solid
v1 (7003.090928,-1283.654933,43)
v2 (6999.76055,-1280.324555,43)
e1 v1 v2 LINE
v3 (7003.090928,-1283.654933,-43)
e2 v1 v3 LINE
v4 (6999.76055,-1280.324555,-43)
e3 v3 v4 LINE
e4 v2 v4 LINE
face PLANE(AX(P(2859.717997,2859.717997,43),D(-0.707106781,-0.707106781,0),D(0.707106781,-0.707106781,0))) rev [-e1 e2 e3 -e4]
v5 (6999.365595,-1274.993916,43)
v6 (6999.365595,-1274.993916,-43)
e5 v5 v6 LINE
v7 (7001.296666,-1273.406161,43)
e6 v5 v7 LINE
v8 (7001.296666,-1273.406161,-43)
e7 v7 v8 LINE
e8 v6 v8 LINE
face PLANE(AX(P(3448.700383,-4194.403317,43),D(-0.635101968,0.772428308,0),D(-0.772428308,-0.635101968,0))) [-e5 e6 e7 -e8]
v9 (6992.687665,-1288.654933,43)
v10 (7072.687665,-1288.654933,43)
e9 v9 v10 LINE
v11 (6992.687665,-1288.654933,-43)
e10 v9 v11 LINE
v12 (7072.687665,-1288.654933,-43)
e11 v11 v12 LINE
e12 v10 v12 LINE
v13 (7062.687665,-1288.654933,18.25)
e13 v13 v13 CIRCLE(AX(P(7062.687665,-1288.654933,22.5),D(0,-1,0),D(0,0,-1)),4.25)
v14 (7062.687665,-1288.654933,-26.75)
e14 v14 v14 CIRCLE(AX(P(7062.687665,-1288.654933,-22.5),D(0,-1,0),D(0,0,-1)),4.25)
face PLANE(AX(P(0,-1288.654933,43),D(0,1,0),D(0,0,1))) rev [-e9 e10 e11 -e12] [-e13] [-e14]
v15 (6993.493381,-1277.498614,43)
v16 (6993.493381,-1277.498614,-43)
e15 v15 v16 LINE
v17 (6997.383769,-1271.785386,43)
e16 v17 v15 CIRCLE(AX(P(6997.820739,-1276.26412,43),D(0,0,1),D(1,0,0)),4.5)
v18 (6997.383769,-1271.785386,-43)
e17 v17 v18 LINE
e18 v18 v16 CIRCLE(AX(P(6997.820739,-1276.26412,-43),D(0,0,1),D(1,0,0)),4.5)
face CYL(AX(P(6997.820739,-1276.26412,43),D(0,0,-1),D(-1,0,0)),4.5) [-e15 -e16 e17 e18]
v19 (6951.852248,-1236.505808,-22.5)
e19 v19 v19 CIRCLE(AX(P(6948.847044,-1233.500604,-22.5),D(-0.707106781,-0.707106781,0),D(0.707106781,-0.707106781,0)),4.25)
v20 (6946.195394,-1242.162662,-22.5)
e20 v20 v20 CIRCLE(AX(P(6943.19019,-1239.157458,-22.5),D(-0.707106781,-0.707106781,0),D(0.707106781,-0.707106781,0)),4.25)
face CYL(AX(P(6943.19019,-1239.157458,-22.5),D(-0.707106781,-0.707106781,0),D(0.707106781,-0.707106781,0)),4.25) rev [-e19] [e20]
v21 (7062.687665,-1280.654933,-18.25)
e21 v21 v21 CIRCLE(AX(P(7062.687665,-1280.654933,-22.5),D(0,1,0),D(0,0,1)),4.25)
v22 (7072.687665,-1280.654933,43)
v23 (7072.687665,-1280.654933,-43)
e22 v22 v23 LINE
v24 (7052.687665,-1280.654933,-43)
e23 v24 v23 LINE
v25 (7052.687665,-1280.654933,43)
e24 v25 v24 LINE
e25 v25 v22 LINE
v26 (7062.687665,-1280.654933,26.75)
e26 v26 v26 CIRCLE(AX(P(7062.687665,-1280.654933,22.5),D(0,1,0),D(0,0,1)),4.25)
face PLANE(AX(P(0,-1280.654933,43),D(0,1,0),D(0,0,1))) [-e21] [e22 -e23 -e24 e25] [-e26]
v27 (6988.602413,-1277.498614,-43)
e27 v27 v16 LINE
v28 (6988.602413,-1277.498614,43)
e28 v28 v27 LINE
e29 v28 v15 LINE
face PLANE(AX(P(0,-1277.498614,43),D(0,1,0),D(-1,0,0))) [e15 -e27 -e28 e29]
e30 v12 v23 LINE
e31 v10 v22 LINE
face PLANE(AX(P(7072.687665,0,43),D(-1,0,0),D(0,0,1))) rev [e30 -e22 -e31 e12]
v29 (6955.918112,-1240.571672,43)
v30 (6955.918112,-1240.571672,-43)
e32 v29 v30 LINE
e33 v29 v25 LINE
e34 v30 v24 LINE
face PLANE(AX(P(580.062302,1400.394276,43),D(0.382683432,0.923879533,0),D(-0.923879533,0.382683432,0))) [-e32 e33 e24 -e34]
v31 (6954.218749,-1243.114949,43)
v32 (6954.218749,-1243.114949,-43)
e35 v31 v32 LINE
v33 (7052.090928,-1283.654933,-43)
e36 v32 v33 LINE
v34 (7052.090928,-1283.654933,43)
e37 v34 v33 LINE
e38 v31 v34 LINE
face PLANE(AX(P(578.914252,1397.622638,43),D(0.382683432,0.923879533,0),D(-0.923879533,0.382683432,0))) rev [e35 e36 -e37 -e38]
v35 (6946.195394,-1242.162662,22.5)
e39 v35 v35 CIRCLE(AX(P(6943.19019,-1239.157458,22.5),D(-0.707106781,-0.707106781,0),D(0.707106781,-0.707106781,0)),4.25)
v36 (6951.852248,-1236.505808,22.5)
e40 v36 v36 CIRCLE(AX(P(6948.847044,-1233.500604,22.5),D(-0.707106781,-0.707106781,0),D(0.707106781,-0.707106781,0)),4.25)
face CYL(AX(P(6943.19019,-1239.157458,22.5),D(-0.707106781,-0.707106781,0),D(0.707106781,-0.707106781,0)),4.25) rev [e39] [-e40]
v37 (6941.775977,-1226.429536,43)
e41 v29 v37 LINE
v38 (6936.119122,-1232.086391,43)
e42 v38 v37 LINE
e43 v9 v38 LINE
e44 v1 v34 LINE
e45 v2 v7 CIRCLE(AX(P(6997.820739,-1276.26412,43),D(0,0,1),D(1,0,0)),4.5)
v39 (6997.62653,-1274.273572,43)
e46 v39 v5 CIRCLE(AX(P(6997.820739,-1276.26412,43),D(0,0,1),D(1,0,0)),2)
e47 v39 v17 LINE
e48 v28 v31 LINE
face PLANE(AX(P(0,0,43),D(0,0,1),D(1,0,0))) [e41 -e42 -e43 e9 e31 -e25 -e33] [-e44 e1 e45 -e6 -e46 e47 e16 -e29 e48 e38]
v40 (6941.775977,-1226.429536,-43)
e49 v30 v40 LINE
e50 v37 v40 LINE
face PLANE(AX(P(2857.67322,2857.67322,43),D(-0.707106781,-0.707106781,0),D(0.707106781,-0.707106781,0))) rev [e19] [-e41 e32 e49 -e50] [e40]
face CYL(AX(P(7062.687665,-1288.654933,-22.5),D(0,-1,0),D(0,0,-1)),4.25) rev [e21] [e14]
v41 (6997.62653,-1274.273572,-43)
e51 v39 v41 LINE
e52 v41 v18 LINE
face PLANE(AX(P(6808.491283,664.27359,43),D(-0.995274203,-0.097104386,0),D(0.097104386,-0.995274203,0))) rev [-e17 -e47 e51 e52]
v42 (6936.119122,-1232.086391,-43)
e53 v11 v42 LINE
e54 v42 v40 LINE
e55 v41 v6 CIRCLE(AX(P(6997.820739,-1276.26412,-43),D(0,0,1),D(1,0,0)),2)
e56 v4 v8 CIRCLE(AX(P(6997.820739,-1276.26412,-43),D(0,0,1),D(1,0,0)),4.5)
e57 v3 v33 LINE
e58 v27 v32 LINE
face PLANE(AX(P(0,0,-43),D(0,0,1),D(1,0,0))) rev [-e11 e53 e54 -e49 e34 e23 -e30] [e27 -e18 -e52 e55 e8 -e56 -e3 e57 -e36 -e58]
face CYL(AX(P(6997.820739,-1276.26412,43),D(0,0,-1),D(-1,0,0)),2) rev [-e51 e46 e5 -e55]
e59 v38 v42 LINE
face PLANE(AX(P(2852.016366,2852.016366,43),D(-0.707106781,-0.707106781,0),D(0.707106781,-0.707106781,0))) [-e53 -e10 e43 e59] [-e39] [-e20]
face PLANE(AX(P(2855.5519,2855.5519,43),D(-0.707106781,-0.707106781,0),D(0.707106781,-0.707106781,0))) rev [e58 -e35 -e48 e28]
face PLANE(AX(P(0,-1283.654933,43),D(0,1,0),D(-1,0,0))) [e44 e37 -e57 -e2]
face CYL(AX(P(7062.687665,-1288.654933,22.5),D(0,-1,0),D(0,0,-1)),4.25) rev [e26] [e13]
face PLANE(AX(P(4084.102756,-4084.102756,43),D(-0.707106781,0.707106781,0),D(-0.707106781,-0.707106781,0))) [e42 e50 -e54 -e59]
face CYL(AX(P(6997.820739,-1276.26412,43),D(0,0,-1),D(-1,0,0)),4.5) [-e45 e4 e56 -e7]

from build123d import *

# Parameters (mm, degrees)
EXTRUDE_1_DEPTH         = 43
HOLE_WIZARD_8_5_8_5_1_D = 8.5


with BuildPart() as part:
    # 草图1 → 凸台-拉伸1 (new, symmetric)
    with BuildSketch(Plane.XY):
        Polygon((6936.119122288, -1232.086390659), (6992.687664783, -1288.654933154), (7072.687664783, -1288.654933154), (7072.687664783, -1280.654933154), (7052.687664783, -1280.654933154), (6955.918112162, -1240.571672033), (6941.775976538, -1226.429536409), align=None)
        with BuildLine():
            Line((7009.090927681, -1283.654933154), (7003.090927681, -1283.654933154))
            Line((7003.090927681, -1283.654933154), (6999.760549745, -1280.324555218))
            ThreePointArc((6999.760549745, -1280.324555218), (7002.213755914, -1277.239517812), (7001.296666197, -1273.406161221))
            Line((7001.296666197, -1273.406161221), (6999.365595427, -1274.993916141))
            ThreePointArc((6999.365595427, -1274.993916141), (6997.055371947, -1278.111879141), (6997.626530039, -1274.273571671))
            Line((6997.626530039, -1274.273571671), (6997.383769074, -1271.785386165))
            ThreePointArc((6997.383769074, -1271.785386165), (6994.101203016, -1273.731324494), (6993.49338103, -1277.49861375))
            Line((6993.49338103, -1277.49861375), (6988.602413191, -1277.49861375))
            Line((6988.602413191, -1277.49861375), (6954.21874867, -1243.114949228))
            Line((6954.21874867, -1243.114949228), (7052.090927681, -1283.654933154))
            Line((7052.090927681, -1283.654933154), (7029.403393536, -1283.654933154))
            Line((7029.403393536, -1283.654933154), (7009.090927681, -1283.654933154))
        make_face(mode=Mode.SUBTRACT)
    extrude(amount=EXTRUDE_1_DEPTH, both=True)

    # Ø8.5 (8.5) 直径孔1 (through all)
    with Locations(Plane(origin=(2852.016365815, 2852.016365815, 0), x_dir=(0.7071067811865628, -0.7071067811865324, 0), z_dir=(-0.7071067811865324, -0.7071067811865628, 0))):
        with Locations((5785.79350833, -22.5), (5785.79350833, 22.5)):
            hole_wizard_8_5_8_5_1 = Hole(HOLE_WIZARD_8_5_8_5_1_D / 2)

    # 镜向1: Ø8.5 (8.5) 直径孔1 across plane
    add(hole_wizard_8_5_8_5_1.mirror(Plane(origin=(6424.240586557, -2661.0075789, 0), x_dir=(0, 0, 1), z_dir=(-0.9238795325112645, 0.3826834323651437, 0))), mode=Mode.SUBTRACT)


solid = part.part
